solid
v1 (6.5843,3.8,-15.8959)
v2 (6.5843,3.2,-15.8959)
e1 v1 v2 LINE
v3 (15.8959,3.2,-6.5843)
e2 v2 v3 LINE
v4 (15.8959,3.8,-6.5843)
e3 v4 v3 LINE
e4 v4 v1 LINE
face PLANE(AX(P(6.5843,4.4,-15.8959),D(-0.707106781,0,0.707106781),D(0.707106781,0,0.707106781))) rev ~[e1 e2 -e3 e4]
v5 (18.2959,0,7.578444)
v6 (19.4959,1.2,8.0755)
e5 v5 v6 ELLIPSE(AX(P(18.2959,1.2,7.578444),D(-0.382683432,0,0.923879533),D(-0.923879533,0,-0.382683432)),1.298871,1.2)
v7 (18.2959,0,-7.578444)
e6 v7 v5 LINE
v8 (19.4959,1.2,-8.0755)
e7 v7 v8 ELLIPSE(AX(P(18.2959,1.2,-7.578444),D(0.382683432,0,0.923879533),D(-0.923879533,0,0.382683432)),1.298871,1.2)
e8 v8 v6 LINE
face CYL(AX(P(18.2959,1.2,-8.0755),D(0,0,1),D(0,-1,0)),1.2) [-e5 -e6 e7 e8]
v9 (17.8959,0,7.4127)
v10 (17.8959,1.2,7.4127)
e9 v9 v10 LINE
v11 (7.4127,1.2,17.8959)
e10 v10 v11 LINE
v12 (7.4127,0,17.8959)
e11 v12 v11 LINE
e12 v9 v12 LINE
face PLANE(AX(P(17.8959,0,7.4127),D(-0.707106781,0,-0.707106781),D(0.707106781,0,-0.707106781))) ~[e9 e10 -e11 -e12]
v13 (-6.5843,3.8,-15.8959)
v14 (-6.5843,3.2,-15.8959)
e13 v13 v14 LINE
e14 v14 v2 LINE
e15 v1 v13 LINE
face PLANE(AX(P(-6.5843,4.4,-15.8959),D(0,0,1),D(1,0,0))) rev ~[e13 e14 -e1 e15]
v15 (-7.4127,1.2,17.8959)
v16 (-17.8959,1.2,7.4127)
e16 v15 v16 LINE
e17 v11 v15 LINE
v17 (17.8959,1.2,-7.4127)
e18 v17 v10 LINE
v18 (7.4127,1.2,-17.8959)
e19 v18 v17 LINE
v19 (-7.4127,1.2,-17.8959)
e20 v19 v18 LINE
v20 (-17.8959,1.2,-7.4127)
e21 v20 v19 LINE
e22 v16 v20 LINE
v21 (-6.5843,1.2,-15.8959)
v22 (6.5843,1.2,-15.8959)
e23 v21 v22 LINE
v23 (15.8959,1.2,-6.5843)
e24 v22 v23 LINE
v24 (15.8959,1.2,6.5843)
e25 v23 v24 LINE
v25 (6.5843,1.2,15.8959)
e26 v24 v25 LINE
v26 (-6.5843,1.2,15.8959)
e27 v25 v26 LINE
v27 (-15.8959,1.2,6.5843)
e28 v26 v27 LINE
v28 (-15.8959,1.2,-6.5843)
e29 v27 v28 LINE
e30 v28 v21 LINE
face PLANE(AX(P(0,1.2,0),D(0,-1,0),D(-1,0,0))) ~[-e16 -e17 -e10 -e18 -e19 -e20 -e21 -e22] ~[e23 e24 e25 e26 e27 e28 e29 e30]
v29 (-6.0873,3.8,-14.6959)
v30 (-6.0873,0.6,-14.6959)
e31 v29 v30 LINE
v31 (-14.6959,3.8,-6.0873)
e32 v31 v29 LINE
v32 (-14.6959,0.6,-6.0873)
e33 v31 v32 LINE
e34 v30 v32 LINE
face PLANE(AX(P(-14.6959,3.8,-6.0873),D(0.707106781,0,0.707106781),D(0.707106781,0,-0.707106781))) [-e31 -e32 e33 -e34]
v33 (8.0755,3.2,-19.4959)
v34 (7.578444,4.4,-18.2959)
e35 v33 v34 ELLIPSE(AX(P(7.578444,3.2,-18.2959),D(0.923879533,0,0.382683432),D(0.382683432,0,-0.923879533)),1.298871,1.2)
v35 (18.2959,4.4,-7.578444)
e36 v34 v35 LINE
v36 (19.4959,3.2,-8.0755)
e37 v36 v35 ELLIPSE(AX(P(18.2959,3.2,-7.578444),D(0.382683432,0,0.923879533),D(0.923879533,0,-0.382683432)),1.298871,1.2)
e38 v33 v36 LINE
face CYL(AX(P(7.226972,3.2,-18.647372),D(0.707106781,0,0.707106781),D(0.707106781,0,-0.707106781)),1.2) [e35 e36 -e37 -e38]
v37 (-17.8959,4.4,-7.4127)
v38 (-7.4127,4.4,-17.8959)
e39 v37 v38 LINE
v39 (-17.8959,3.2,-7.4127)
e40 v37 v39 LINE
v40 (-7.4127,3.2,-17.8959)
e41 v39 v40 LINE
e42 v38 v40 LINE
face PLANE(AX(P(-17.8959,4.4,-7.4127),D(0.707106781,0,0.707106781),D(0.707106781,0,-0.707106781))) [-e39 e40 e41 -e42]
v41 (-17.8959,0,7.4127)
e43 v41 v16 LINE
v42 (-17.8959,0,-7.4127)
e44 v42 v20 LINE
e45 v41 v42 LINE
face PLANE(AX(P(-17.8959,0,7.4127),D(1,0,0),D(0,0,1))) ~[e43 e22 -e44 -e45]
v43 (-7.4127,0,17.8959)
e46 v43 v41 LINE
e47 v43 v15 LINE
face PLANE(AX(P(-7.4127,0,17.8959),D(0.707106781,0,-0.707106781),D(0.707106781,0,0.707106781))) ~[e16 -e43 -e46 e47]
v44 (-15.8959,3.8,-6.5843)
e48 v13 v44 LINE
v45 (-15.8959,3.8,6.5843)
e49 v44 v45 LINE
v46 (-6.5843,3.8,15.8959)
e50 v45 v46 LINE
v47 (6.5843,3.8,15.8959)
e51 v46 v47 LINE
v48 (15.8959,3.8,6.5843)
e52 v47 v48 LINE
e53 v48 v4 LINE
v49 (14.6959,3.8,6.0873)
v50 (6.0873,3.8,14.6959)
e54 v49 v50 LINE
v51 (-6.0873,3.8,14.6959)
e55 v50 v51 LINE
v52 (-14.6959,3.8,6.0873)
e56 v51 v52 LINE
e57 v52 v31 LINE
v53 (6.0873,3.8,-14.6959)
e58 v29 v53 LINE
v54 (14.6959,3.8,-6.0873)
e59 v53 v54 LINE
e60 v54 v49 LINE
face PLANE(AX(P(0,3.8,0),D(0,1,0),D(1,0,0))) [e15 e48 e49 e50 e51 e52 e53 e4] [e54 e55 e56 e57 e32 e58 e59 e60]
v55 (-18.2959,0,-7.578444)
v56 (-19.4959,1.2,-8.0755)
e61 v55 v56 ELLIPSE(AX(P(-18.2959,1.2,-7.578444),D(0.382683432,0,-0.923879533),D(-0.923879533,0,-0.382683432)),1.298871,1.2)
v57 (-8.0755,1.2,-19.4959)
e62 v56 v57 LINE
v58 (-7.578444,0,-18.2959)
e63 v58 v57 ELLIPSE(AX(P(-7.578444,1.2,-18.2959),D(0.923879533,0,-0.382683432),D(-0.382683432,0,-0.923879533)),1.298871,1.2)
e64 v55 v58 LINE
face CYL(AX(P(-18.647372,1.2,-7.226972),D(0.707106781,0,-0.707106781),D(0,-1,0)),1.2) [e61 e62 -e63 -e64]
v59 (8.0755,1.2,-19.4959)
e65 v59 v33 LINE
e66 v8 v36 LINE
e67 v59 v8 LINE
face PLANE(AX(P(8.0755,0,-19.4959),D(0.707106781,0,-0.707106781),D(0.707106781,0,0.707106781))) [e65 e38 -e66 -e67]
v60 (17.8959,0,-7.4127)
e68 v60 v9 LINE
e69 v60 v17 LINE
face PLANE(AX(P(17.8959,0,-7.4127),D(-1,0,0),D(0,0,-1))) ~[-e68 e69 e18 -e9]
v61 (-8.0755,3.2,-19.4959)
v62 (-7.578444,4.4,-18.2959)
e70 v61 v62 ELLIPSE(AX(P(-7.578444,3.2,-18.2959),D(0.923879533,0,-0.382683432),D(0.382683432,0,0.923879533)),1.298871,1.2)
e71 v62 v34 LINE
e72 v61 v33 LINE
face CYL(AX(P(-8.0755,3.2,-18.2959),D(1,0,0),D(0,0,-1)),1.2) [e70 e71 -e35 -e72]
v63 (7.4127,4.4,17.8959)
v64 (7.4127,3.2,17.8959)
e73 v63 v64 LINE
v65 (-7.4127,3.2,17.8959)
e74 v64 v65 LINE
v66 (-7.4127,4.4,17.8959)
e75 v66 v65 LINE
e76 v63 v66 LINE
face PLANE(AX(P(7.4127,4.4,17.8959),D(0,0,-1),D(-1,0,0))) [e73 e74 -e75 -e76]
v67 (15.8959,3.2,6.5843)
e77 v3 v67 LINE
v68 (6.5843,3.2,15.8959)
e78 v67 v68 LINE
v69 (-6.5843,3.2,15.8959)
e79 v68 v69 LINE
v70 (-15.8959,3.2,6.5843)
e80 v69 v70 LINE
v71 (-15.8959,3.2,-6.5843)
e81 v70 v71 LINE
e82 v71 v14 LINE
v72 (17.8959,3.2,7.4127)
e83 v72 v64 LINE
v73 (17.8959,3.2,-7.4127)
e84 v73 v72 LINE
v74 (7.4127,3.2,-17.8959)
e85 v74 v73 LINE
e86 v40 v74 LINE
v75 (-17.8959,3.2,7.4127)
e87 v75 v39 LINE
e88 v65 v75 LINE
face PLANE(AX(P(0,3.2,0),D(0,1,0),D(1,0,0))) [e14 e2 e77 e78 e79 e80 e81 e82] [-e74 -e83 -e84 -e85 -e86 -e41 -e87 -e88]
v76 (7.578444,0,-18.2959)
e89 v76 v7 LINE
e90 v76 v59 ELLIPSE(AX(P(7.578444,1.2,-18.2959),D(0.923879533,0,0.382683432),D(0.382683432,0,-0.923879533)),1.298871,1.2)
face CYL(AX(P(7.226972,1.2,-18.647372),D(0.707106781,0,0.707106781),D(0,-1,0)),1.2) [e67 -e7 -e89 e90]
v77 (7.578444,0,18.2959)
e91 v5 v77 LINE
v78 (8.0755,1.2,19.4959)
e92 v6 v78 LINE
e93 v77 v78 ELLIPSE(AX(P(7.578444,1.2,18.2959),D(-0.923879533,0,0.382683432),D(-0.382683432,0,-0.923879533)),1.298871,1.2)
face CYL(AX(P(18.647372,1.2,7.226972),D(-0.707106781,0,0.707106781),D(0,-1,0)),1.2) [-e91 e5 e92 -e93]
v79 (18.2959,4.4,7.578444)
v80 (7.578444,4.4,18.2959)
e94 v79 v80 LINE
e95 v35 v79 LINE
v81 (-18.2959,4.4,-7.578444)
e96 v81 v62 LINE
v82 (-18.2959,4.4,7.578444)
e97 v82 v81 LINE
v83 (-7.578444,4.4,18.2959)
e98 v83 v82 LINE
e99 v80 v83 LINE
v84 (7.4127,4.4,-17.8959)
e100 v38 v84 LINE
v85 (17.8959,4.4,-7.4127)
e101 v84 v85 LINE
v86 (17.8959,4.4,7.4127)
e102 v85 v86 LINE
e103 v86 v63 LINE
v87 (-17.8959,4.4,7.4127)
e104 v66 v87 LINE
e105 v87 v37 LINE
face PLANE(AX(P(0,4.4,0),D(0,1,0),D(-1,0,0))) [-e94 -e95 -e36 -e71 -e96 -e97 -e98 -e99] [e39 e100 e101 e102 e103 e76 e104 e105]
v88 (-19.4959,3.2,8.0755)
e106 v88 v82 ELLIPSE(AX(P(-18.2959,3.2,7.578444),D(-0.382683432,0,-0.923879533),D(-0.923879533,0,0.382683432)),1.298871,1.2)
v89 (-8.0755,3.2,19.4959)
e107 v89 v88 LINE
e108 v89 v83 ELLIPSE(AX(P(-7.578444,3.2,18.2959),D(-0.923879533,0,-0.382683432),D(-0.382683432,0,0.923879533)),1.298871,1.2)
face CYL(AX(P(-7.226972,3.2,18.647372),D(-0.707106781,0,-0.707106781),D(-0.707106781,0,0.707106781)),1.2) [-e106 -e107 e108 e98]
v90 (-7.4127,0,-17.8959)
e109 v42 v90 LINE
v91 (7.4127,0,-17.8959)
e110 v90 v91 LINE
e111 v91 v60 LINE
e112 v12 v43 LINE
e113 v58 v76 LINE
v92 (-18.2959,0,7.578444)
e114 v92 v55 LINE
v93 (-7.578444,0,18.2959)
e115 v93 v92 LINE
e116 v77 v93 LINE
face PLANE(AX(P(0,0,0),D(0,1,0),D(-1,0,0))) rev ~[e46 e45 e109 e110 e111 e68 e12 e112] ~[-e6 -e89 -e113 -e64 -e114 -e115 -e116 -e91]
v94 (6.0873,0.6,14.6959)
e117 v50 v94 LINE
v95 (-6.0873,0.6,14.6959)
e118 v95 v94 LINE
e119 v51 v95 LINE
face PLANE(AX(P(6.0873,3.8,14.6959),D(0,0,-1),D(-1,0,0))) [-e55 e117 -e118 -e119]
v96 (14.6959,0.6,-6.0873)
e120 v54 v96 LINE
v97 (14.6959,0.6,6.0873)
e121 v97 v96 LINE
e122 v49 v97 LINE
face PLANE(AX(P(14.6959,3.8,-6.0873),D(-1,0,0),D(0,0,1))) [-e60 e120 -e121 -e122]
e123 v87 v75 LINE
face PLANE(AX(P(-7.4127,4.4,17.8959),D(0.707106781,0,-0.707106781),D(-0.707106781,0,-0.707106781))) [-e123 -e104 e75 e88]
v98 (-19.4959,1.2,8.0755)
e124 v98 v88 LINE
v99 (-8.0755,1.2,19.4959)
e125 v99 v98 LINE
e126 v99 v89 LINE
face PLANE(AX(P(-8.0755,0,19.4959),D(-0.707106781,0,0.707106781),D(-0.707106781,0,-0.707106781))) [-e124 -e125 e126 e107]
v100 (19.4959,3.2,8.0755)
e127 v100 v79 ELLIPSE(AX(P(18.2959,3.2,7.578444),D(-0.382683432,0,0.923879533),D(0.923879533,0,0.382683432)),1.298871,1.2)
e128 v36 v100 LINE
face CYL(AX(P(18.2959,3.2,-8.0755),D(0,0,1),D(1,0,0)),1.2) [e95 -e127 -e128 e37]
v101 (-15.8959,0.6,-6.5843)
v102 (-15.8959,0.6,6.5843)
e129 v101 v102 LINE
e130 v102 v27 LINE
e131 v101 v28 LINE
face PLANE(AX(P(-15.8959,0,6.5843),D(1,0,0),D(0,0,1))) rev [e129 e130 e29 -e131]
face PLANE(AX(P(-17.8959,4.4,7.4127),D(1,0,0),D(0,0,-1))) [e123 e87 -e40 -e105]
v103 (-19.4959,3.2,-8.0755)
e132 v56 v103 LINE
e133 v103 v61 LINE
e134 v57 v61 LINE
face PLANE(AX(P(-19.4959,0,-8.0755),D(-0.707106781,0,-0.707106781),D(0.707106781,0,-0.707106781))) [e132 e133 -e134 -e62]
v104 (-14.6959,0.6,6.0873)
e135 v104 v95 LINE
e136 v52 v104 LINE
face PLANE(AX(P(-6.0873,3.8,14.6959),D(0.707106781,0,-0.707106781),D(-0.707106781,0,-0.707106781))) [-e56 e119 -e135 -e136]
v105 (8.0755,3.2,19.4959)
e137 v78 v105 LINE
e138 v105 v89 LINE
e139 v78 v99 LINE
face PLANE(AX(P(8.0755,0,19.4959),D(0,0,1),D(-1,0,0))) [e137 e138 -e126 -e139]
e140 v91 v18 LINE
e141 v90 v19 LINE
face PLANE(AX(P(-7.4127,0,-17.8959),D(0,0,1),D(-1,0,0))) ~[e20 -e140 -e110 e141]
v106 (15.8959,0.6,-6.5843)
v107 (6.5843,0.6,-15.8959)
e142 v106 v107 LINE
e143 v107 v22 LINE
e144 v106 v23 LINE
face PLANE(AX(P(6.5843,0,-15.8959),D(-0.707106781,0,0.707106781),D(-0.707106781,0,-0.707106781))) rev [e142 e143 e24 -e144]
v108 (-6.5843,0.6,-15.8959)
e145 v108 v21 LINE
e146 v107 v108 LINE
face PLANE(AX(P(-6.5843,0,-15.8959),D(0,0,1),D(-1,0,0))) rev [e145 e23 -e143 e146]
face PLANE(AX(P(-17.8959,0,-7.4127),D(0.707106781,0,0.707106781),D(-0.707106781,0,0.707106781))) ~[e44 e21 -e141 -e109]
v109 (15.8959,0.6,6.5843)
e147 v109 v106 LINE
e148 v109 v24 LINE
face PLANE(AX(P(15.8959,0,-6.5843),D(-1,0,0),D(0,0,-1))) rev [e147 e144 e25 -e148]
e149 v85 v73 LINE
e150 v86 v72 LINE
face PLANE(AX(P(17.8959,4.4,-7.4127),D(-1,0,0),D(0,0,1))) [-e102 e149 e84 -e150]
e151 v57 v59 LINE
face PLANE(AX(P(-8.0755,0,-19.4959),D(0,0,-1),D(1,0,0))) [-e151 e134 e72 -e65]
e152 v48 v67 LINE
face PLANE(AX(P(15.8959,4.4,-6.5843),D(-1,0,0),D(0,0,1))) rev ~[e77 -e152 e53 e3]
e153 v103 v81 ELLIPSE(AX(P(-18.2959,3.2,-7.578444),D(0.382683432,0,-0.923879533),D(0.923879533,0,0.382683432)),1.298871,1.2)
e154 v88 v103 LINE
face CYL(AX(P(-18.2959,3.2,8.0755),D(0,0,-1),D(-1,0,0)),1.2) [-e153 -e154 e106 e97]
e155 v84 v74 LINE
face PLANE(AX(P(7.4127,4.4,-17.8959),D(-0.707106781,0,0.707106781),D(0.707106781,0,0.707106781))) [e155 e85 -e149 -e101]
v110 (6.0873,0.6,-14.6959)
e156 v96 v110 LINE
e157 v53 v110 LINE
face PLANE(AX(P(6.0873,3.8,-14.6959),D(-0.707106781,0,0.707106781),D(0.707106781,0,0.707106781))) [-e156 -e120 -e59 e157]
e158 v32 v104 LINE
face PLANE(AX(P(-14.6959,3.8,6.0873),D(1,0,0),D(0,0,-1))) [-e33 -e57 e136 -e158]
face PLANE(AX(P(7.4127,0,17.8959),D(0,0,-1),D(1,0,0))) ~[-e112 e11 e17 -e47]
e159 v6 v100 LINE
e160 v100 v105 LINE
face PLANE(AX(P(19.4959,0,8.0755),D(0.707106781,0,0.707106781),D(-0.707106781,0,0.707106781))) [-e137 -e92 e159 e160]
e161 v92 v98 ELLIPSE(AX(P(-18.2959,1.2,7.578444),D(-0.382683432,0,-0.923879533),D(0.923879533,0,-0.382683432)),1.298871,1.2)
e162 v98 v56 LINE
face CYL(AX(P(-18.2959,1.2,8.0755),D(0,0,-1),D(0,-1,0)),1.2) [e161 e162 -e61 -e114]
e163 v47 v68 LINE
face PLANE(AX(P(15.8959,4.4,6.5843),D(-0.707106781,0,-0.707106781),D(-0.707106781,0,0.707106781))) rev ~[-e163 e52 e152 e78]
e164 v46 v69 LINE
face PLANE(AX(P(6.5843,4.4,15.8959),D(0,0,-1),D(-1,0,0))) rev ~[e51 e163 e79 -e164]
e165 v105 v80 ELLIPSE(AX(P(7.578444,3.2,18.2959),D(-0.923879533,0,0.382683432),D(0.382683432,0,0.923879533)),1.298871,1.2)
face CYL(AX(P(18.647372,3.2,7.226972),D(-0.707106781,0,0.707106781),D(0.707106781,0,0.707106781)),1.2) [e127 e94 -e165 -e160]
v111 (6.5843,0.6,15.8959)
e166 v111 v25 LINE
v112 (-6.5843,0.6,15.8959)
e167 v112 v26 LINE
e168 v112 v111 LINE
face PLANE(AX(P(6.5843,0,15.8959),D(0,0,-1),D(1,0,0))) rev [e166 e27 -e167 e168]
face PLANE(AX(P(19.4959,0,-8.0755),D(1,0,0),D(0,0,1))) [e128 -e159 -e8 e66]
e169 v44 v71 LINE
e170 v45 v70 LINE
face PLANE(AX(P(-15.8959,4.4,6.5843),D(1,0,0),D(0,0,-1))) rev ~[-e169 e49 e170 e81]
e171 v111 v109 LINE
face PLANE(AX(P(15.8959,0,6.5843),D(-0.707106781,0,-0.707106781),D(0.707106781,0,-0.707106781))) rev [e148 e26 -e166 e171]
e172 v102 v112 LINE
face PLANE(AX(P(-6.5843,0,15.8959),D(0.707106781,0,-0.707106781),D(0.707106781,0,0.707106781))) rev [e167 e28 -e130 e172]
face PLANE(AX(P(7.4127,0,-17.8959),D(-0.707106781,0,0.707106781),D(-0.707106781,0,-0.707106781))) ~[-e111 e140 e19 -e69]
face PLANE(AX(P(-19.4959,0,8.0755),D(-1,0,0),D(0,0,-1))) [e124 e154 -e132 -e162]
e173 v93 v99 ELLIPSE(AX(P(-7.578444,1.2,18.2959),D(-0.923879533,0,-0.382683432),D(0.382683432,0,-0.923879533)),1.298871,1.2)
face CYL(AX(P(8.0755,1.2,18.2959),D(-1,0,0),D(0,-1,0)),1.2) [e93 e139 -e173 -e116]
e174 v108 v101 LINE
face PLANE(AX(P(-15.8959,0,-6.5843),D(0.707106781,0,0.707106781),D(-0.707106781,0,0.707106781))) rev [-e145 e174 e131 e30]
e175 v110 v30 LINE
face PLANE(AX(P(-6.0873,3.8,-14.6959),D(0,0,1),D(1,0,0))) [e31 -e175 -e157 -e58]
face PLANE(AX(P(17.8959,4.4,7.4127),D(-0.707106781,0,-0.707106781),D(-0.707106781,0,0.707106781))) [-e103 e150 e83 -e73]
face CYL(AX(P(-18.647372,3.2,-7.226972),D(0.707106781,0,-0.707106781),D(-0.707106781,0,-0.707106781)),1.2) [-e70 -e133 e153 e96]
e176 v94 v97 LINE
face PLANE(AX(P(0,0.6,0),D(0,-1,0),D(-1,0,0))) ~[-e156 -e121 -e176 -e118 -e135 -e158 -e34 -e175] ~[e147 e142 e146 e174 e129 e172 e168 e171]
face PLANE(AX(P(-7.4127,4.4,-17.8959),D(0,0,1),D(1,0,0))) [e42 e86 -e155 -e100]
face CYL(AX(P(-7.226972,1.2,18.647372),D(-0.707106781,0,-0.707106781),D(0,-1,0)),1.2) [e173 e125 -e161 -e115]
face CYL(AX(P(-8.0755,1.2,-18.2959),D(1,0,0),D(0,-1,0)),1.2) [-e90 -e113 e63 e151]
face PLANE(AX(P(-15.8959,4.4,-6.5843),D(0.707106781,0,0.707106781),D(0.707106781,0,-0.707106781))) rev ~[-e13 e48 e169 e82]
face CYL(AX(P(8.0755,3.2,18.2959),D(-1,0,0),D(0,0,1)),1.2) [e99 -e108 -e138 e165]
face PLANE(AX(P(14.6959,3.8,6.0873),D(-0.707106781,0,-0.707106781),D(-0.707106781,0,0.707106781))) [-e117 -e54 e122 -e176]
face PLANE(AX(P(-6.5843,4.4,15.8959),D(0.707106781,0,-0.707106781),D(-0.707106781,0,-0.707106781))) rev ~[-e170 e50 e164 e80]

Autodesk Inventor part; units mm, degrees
ref_plane "YZ Plane" through (0, 0, 0) normal (1, 0, 0) x (0, 1, 0)
ref_plane "XZ Plane" through (0, 0, 0) normal (0, 1, 0) x (-1, 0, 0)
sketch "스케치1" plane through (0, 0, 0) normal (0, 1, 0) x (-1, 0, 0)
  line L0 (-16.2959, 6.75) -> (-6.75, 16.2959)
  line L1 (-6.75, 16.2959) -> (6.75, 16.2959)
  line L2 (6.75, 16.2959) -> (16.2959, 6.75)
  line L3 (16.2959, 6.75) -> (16.2959, -6.75)
  line L4 (16.2959, -6.75) -> (6.75, -16.2959)
  line L5 (6.75, -16.2959) -> (-6.75, -16.2959)
  line L6 (-6.75, -16.2959) -> (-16.2959, -6.75)
  line L7 (-16.2959, -6.75) -> (-16.2959, 6.75)
  line L8 (19.4959, 8.0755) -> (19.4959, -8.0755)
  line L9 (19.4959, -8.0755) -> (8.0755, -19.4959)
  line L10 (8.0755, -19.4959) -> (-8.0755, -19.4959)
  line L11 (-8.0755, -19.4959) -> (-19.4959, -8.0755)
  line L12 (-19.4959, -8.0755) -> (-19.4959, 8.0755)
  line L13 (-19.4959, 8.0755) -> (-8.0755, 19.4959)
  line L14 (-8.0755, 19.4959) -> (8.0755, 19.4959)
  line L15 (8.0755, 19.4959) -> (19.4959, 8.0755)
  point P0 (0, 0)
  point P1 (0, 0)
  point P2 (0, 0)
  dimension "d0" = 13.5
  dimension "d1" = 3.2
extrude "돌출1" add sketch "스케치1" along normal blind 4.4 contours L0 L1 L2 L3 L4 L5 L6 L7 | L8 L9 L10 L11 L12 L13 L14 L15
sketch "스케치14" plane through (0, 4.4, 0) normal (0, 1, 0) x (1, 0, 0)
  line L0 (6.5843, -15.8959) -> (-6.5843, -15.8959)
  line L1 (-6.5843, -15.8959) -> (-15.8959, -6.5843)
  line L2 (-15.8959, -6.5843) -> (-15.8959, 6.5843)
  line L3 (-15.8959, 6.5843) -> (-6.5843, 15.8959)
  line L4 (-6.5843, 15.8959) -> (6.5843, 15.8959)
  line L5 (6.5843, 15.8959) -> (15.8959, 6.5843)
  line L6 (15.8959, 6.5843) -> (15.8959, -6.5843)
  line L7 (15.8959, -6.5843) -> (6.5843, -15.8959)
  line L8 (-7.4127, 17.8959) -> (7.4127, 17.8959)
  line L9 (7.4127, 17.8959) -> (17.8959, 7.4127)
  line L10 (17.8959, 7.4127) -> (17.8959, -7.4127)
  line L11 (17.8959, -7.4127) -> (7.4127, -17.8959)
  line L12 (7.4127, -17.8959) -> (-7.4127, -17.8959)
  line L13 (-7.4127, -17.8959) -> (-17.8959, -7.4127)
  line L14 (-17.8959, -7.4127) -> (-17.8959, 7.4127)
  line L15 (-17.8959, 7.4127) -> (-7.4127, 17.8959)
  line L16 (19.4959, -8.0755) -> (19.4959, 8.0755) projected
  point P0 (0, 0)
  point P1 (0, 0)
  point P2 (0, 0)
  dimension "d138" = 2
  dimension "d139" = 1.6
extrude "돌출16" cut sketch "스케치14" against normal blind 1.2
sketch "스케치15" plane through (0, 4.4, 0) normal (0, 1, 0) x (1, 0, 0)
  line L0 (-15.8959, -6.5843) -> (-6.5843, -15.8959) projected
  line L1 (-6.5843, -15.8959) -> (6.5843, -15.8959) projected
  line L2 (6.5843, -15.8959) -> (15.8959, -6.5843) projected
  line L3 (15.8959, -6.5843) -> (15.8959, 6.5843) projected
  line L4 (15.8959, 6.5843) -> (6.5843, 15.8959) projected
  line L5 (6.5843, 15.8959) -> (-6.5843, 15.8959) projected
  line L6 (-6.5843, 15.8959) -> (-15.8959, 6.5843) projected
  line L7 (-15.8959, 6.5843) -> (-15.8959, -6.5843) projected
  point P0 (0, 0)
extrude "돌출17" cut sketch "스케치15" against normal blind 0.6
sketch "스케치16" plane through (0, 3.8, 0) normal (0, 1, 0) x (1, 0, 0)
  line L0 (-6.0873, 14.6959) -> (6.0873, 14.6959)
  line L1 (6.0873, 14.6959) -> (14.6959, 6.0873)
  line L2 (14.6959, 6.0873) -> (14.6959, -6.0873)
  line L3 (14.6959, -6.0873) -> (6.0873, -14.6959)
  line L4 (6.0873, -14.6959) -> (-6.0873, -14.6959)
  line L5 (-6.0873, -14.6959) -> (-14.6959, -6.0873)
  line L6 (-14.6959, -6.0873) -> (-14.6959, 6.0873)
  line L7 (-14.6959, 6.0873) -> (-6.0873, 14.6959)
  line L8 (15.8959, 6.5843) -> (15.8959, -6.5843) projected
  point P0 (0, 0)
  point P1 (0, 0)
  dimension "d144" = 1.2
extrude "돌출18" cut sketch "스케치16" against normal up to surface (3.8 mm away)
fillet "모깎기2" radius 1.2 16 edges at (0, 4.4, -19.4959) (-13.7857, 4.4, -13.7857) (13.7857, 4.4, -13.7857) (19.4959, 4.4, 0) (13.7857, 4.4, 13.7857) (0, 4.4, 19.4959) (-13.7857, 4.4, 13.7857) (-19.4959, 4.4, 0) (-19.4959, 0, 0) (-13.7857, 0, 13.7857) (0, 0, 19.4959) (13.7857, 0, 13.7857) (-13.7857, 0, -13.7857) (0, 0, -19.4959) (19.4959, 0, 0) (13.7857, 0, -13.7857)
ref_plane "작업 평면3" through (0, 2.2, 0) normal (0, -1, 0) x (1, 0, 0)
mirror "미러6" about plane through (0, 2.2, 0) normal (0, -1, 0) of "돌출17", "돌출16"
properties part number "OV-PAM_ring_2"
